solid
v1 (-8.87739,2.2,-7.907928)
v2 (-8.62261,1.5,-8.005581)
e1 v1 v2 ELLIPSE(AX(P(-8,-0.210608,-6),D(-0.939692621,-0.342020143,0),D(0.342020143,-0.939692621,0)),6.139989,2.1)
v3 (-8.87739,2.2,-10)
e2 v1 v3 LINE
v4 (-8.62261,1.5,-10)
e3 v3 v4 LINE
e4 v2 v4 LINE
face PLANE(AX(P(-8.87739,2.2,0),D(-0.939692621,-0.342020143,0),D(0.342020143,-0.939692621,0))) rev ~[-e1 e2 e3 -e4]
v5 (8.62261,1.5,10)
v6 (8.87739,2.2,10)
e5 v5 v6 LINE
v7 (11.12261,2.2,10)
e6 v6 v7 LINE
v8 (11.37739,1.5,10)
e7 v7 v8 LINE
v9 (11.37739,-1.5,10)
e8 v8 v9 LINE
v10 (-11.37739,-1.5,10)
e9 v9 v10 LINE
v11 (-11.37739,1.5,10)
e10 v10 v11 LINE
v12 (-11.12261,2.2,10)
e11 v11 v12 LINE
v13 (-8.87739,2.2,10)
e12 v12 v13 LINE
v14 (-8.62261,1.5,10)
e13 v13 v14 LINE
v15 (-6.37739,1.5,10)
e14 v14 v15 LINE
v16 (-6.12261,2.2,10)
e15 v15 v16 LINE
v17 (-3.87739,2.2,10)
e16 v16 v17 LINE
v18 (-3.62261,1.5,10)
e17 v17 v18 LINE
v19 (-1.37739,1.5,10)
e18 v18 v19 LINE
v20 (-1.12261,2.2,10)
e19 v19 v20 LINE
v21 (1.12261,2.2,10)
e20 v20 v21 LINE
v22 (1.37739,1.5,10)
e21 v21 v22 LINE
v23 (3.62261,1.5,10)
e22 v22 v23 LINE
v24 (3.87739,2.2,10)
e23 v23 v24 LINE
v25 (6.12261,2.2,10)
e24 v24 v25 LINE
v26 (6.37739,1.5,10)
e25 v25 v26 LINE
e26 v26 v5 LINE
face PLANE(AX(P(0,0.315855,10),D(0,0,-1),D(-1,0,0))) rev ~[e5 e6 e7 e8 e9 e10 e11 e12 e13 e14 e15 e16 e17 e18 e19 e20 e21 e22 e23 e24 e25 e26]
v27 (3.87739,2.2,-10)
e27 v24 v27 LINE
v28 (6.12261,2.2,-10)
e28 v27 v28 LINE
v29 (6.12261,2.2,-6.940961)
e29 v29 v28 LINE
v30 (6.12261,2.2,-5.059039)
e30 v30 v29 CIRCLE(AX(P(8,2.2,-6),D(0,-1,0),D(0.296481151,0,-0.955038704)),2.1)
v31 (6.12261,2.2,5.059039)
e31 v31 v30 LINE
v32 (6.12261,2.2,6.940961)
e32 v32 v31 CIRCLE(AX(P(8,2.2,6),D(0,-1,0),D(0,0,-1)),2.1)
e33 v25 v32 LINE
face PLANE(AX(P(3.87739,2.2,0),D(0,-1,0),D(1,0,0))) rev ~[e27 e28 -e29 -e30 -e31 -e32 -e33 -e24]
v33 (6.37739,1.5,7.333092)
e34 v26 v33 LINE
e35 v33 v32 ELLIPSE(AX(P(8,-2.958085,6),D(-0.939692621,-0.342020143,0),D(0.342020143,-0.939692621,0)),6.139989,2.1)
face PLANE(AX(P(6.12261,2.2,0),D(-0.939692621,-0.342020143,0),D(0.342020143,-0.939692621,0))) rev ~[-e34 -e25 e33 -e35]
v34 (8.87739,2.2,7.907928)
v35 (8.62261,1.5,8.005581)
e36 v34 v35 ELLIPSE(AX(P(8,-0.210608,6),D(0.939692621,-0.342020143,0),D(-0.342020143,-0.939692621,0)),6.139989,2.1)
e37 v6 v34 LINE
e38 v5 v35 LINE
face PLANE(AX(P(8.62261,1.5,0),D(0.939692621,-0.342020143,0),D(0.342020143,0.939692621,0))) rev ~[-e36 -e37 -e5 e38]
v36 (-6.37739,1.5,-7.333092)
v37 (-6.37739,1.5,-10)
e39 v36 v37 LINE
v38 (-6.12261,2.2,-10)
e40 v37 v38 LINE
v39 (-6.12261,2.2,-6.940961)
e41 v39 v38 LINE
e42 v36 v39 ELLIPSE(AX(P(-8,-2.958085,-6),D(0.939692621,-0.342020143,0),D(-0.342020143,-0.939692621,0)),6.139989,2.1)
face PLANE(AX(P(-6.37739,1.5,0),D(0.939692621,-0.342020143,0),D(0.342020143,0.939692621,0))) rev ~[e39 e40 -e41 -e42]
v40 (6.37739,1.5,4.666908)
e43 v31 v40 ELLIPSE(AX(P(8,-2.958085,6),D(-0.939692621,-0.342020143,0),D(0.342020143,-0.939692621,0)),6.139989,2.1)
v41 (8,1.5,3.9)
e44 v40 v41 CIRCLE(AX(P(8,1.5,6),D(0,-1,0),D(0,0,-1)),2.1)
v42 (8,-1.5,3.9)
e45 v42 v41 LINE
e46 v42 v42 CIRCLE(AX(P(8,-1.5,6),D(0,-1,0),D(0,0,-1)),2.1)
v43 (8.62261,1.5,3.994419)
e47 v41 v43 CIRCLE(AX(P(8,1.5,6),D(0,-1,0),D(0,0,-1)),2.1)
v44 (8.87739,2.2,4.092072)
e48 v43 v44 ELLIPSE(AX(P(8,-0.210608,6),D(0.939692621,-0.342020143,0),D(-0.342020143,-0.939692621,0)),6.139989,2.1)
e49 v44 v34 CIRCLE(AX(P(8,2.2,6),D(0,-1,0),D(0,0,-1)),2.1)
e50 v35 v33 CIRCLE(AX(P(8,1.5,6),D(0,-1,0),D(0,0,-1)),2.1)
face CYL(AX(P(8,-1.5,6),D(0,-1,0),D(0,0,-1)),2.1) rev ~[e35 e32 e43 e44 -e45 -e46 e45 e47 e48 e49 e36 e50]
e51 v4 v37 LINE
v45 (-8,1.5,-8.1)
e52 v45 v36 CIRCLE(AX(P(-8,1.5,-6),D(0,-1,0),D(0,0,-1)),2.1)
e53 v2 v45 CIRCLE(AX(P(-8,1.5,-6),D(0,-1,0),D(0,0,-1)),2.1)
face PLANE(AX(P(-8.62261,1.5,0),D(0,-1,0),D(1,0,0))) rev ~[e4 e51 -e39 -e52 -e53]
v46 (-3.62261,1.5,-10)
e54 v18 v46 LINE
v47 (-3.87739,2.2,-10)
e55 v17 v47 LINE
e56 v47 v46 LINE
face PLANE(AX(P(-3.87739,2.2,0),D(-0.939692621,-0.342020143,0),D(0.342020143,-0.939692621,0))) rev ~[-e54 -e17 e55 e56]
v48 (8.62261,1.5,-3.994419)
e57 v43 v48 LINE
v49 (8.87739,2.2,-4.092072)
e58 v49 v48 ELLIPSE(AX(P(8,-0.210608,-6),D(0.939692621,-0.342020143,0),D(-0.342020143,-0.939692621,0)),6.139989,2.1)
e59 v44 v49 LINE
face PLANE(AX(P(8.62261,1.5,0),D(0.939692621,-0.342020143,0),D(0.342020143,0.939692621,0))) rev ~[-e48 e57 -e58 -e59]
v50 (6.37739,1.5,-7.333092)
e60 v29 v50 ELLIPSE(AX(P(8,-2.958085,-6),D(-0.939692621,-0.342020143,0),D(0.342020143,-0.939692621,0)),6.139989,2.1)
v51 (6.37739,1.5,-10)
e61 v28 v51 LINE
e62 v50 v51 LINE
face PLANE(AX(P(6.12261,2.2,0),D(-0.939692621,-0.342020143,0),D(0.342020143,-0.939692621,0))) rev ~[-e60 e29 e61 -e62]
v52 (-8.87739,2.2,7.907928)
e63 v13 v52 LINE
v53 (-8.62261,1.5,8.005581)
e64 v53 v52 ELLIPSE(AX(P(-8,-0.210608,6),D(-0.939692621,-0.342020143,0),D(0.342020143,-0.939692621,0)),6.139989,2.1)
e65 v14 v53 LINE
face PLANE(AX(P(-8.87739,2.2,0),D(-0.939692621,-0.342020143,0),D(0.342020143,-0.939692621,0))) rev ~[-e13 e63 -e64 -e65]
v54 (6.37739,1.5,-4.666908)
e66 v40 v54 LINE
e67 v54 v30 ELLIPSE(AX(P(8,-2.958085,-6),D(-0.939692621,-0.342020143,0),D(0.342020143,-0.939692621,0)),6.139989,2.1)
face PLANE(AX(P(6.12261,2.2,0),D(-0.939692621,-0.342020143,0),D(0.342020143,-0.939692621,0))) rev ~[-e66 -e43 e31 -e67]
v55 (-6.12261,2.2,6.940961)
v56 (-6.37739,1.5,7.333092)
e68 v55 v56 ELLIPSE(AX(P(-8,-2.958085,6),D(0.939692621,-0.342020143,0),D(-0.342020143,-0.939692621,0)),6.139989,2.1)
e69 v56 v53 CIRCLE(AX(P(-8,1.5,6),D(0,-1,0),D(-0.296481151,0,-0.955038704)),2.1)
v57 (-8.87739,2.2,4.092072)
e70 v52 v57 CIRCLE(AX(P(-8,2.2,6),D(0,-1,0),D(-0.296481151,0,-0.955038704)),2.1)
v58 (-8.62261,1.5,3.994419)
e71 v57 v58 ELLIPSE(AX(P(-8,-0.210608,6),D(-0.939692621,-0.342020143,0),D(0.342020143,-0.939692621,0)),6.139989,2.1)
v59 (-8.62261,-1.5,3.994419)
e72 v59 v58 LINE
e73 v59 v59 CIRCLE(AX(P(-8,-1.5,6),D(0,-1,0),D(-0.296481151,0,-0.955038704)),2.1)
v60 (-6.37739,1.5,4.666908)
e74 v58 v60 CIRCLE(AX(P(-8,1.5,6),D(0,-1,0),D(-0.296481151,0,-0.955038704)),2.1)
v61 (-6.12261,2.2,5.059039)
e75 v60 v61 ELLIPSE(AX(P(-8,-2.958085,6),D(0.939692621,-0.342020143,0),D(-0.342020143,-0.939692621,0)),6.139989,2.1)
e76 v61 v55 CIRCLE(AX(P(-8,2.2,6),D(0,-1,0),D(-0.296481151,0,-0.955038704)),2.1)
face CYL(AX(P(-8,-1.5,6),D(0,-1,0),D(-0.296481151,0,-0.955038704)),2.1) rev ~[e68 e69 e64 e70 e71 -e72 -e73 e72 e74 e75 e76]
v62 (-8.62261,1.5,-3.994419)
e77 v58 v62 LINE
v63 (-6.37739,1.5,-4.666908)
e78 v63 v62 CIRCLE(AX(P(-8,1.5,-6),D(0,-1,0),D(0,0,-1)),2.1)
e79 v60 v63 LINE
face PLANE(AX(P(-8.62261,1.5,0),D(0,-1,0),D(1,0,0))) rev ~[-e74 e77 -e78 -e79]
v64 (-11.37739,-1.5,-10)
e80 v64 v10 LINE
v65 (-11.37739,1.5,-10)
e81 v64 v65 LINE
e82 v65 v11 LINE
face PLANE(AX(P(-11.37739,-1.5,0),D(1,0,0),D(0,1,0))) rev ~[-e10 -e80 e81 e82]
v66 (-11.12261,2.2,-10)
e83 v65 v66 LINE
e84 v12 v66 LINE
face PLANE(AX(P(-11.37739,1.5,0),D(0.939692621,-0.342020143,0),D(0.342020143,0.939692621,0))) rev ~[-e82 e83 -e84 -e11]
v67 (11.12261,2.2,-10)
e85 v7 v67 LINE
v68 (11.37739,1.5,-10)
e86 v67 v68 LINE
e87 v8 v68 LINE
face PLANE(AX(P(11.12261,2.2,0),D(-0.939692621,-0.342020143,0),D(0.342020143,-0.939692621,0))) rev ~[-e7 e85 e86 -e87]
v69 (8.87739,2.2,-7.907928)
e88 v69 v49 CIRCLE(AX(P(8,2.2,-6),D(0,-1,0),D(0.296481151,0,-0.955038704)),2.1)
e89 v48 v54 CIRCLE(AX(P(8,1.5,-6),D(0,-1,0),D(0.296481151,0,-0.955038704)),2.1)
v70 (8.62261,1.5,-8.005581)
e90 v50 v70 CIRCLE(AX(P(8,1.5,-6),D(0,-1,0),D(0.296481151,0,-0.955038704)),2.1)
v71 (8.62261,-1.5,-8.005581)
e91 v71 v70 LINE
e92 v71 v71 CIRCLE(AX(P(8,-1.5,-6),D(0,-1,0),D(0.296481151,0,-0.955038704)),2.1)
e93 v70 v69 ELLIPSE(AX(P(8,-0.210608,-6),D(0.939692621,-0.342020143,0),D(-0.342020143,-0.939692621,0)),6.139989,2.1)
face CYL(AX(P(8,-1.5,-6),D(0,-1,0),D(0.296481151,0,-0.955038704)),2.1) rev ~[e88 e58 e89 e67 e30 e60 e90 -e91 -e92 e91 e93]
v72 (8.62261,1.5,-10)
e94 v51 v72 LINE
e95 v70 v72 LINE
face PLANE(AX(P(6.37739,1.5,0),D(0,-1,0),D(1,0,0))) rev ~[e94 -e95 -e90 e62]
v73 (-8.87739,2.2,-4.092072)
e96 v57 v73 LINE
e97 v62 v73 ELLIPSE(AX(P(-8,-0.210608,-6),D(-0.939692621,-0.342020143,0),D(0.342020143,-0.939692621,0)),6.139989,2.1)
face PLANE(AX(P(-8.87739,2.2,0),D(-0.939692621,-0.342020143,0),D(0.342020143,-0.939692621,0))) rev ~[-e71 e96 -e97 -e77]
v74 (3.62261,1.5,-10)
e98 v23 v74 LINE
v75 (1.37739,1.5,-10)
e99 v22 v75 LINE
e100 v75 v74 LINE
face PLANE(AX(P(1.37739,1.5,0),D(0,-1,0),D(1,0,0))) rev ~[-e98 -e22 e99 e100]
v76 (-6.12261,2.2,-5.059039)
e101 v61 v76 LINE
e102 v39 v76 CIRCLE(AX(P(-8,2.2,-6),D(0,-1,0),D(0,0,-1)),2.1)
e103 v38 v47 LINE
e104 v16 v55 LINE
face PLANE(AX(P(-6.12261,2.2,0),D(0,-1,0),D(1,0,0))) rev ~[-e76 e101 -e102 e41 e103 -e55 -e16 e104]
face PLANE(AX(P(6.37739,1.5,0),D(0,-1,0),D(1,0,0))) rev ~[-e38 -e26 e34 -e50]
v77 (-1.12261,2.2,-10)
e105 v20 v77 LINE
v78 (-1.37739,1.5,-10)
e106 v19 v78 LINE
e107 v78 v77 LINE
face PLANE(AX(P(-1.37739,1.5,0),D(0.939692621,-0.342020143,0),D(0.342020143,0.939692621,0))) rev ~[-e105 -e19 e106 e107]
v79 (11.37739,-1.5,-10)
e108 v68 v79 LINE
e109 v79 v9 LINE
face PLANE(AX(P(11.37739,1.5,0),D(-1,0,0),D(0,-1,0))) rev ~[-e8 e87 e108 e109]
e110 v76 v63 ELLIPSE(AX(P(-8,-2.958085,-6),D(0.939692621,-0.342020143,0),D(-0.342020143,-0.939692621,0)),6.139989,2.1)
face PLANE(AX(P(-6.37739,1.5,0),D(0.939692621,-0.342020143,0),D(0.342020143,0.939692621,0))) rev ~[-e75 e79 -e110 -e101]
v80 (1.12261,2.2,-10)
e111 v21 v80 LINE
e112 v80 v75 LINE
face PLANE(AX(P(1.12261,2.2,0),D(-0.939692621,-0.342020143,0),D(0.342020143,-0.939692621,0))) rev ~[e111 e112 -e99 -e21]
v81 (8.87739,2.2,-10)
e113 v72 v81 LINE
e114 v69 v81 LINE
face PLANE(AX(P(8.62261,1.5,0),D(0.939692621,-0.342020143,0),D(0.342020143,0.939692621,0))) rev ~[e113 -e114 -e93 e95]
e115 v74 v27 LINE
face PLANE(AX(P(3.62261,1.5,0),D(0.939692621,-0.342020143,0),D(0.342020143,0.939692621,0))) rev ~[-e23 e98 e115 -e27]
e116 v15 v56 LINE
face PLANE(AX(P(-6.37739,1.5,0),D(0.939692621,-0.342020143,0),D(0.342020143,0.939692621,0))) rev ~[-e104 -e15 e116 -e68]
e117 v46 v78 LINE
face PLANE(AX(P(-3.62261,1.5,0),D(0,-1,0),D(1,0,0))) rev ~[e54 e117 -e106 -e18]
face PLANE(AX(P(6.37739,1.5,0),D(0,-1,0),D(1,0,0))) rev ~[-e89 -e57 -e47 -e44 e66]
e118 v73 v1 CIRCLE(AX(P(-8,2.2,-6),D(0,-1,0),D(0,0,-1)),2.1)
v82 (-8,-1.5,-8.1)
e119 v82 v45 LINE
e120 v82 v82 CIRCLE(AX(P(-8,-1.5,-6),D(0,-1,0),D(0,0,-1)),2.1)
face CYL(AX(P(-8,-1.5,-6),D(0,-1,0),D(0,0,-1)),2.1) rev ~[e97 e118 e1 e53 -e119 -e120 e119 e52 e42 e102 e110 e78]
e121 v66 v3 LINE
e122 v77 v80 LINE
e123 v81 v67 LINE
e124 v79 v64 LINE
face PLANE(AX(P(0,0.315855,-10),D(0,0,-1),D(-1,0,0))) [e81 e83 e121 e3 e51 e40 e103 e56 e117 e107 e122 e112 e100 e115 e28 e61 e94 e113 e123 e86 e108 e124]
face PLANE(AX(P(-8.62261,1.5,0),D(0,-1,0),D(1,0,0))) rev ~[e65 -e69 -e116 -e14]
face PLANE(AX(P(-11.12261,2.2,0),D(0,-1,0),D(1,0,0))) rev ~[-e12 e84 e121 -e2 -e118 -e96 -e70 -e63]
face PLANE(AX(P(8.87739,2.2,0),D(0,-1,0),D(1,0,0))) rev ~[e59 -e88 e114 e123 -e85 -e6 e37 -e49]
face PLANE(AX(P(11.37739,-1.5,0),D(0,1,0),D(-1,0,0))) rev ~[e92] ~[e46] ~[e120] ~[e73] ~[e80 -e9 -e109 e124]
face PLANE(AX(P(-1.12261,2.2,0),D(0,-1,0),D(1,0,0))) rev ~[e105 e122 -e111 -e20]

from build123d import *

# Parameters (mm, degrees)
BOSS_EXTRUDE1_DEPTH = 10
SKETCH2_R           = 2.1
CUT_EXTRUDE1_DEPTH  = 16.592786592


with BuildPart() as part:
    # Sketch1 → Boss-Extrude1 (new, symmetric)
    with BuildSketch(Plane.XY):
        Polygon((-11.377389582, 1.5), (-11.122610418, 2.2), (-8.877389582, 2.2), (-8.622610418, 1.5), (-6.377389582, 1.5), (-6.122610418, 2.2), (-3.877389582, 2.2), (-3.622610418, 1.5), (-1.377389582, 1.5), (-1.122610418, 2.2), (1.122610418, 2.2), (1.377389582, 1.5), (3.622610418, 1.5), (3.877389582, 2.2), (6.122610418, 2.2), (6.377389582, 1.5), (8.622610418, 1.5), (8.877389582, 2.2), (11.122610418, 2.2), (11.377389582, 1.5), (11.377389582, -1.5), (-11.377389582, -1.5), align=None)
    extrude(amount=BOSS_EXTRUDE1_DEPTH, both=True)

    # Sketch2 → Cut-Extrude1 (cut, through all)
    with BuildSketch(Plane.XZ.offset(1.5)):
        with Locations(Location((-8, -6, 0), (0, 0, 270))):
            Circle(SKETCH2_R)
        with Locations(Location((8, -6, 0), (0, 0, 287.246374966))):
            Circle(SKETCH2_R)
        with Locations(Location((8, 6, 0), (0, 0, 270))):
            Circle(SKETCH2_R)
        with Locations(Location((-8, 6, 0), (0, 0, 252.753625034))):
            Circle(SKETCH2_R)
    extrude(amount=-CUT_EXTRUDE1_DEPTH, mode=Mode.SUBTRACT)


solid = part.part
